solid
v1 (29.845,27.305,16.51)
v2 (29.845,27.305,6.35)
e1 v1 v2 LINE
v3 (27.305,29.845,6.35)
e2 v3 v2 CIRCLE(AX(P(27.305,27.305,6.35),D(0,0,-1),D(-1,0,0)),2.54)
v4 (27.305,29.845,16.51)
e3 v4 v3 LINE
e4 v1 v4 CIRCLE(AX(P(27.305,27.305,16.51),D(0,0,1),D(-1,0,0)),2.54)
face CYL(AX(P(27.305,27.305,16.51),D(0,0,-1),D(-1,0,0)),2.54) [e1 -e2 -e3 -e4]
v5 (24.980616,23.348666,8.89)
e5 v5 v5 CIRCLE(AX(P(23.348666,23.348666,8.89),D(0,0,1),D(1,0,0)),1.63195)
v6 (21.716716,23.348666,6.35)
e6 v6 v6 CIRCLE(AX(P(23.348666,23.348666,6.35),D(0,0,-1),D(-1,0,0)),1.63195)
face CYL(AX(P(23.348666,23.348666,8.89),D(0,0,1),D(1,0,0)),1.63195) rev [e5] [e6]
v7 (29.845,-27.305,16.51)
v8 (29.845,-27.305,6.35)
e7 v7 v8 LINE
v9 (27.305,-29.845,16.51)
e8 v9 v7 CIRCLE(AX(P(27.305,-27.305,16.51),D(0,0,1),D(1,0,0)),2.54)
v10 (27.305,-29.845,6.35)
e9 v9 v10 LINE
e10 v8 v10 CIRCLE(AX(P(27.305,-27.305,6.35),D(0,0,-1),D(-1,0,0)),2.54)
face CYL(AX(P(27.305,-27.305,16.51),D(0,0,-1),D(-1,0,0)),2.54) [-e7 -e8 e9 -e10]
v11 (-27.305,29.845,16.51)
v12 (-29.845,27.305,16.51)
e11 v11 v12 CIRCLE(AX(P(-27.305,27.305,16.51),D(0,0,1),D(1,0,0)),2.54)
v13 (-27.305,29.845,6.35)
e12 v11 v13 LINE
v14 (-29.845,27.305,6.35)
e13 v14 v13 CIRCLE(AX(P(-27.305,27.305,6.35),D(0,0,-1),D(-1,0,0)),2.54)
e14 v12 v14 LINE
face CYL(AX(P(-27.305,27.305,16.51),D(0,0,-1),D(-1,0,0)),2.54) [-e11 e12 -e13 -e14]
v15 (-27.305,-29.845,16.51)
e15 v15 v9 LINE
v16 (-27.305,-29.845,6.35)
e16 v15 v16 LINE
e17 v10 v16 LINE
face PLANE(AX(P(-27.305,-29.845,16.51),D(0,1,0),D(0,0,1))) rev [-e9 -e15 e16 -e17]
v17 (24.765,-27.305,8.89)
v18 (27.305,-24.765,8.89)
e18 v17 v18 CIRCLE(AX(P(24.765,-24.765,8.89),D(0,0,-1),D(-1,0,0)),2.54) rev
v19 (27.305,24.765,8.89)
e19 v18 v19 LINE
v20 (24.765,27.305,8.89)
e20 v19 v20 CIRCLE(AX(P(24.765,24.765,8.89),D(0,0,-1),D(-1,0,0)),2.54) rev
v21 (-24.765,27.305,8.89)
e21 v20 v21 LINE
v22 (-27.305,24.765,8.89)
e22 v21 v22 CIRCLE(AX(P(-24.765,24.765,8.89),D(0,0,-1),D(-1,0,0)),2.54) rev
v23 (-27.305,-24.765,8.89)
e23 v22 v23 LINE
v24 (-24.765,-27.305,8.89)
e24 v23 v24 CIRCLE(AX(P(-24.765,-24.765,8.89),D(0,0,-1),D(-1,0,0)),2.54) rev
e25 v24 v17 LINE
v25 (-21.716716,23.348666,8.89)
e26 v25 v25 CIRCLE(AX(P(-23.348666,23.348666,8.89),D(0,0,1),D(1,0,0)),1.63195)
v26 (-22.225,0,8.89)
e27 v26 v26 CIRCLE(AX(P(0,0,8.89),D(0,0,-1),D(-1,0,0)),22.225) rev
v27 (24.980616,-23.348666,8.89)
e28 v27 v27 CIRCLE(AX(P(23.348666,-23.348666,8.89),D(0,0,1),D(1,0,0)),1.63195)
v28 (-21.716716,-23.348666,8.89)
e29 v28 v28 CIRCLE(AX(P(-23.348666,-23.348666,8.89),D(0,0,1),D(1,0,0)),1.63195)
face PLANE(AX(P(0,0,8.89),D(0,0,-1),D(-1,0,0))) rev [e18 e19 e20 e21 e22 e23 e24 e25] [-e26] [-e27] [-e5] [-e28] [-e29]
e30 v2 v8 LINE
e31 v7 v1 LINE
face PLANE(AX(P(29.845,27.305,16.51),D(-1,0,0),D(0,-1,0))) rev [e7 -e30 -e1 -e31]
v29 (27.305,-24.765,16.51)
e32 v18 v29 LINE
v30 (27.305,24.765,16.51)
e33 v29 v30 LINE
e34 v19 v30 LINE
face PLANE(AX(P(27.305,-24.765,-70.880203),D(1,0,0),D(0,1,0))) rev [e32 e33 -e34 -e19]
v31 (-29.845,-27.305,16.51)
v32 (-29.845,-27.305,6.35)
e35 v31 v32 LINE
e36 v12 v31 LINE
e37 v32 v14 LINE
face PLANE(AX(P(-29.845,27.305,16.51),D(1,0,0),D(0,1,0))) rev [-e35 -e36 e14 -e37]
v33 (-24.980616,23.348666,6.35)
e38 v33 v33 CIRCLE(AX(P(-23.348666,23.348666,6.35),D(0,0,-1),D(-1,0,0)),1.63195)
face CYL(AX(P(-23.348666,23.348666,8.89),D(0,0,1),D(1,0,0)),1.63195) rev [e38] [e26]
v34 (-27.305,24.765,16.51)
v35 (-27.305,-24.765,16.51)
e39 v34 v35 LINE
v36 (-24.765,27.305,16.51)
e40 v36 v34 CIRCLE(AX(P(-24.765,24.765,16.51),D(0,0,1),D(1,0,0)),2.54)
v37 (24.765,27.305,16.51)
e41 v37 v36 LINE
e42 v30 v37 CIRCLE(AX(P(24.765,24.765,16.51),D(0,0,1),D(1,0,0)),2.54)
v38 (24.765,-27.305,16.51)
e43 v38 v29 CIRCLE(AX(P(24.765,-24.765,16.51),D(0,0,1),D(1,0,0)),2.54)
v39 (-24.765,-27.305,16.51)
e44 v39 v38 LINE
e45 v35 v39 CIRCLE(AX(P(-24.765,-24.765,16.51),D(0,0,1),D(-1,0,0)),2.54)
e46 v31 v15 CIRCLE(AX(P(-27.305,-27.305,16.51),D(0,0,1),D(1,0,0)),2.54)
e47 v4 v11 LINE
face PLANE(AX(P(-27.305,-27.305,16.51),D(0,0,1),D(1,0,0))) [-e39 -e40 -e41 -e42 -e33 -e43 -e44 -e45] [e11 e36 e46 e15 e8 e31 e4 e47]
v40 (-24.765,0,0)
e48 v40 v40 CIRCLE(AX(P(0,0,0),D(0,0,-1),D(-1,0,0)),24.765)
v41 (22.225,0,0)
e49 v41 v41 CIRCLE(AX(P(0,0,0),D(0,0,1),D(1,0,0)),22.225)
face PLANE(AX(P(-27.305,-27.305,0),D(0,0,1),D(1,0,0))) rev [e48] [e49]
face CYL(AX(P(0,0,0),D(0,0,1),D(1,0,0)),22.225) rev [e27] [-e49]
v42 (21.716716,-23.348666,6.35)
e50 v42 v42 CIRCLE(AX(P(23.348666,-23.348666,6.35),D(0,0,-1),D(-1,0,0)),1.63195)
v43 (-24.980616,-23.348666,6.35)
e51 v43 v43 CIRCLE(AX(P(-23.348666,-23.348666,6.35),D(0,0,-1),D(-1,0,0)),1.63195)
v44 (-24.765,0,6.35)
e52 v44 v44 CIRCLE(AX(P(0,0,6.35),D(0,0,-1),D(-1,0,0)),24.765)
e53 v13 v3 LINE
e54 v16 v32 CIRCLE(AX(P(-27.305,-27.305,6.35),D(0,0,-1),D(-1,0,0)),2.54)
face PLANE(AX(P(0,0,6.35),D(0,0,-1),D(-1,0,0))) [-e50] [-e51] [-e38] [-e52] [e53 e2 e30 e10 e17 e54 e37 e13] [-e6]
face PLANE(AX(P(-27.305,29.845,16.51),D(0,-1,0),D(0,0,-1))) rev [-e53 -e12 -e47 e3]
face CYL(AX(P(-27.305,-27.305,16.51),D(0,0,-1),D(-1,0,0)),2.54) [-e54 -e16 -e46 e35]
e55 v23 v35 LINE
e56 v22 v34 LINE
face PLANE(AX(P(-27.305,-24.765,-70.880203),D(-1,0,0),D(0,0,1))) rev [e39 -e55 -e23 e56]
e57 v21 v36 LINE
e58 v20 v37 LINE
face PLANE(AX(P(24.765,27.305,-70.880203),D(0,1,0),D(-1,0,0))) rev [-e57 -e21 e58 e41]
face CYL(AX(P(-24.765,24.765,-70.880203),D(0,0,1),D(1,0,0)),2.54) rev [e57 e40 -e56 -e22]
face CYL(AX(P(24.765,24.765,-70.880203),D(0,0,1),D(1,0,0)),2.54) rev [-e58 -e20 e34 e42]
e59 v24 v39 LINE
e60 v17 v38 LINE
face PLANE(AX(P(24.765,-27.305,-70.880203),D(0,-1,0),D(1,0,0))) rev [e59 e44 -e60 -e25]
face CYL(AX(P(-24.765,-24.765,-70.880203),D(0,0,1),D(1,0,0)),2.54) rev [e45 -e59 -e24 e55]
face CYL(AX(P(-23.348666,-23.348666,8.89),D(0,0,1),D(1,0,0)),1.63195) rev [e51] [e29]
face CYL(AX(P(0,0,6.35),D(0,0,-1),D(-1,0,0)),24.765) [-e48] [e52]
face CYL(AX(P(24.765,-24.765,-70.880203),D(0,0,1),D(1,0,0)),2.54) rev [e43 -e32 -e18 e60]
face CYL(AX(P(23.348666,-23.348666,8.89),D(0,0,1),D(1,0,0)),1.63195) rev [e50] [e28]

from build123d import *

# Parameters (mm, degrees)
BOSS_EXTRUDE1_DEPTH = 16.51
SKETCH2_R           = 22.225
CUT_EXTRUDE1_DEPTH  = 17.51
SKETCH4_OUTSIDE_W   = 78.892
SKETCH4_OUTSIDE_H   = 78.892
SKETCH4_OUTSIDE_R   = 24.765
CUT_EXTRUDE2_DEPTH  = 6.35
CUT_EXTRUDE3_DEPTH  = 7.62
CIRPATTERN1_COUNT   = 4


with BuildPart() as part:
    # Sketch1 → Boss-Extrude1 (new body)
    with BuildSketch(Plane.XY):
        with BuildLine():
            Line((-27.305, 29.845), (27.305, 29.845))
            ThreePointArc((27.305, 29.845), (29.101051224, 29.101051224), (29.845, 27.305))
            Line((29.845, 27.305), (29.845, -27.305))
            ThreePointArc((29.845, -27.305), (29.101051224, -29.101051224), (27.305, -29.845))
            Line((27.305, -29.845), (-27.305, -29.845))
            ThreePointArc((-27.305, -29.845), (-29.101051224, -29.101051224), (-29.845, -27.305))
            Line((-29.845, -27.305), (-29.845, 27.305))
            ThreePointArc((-29.845, 27.305), (-29.101051224, 29.101051224), (-27.305, 29.845))
        make_face()
    extrude(amount=BOSS_EXTRUDE1_DEPTH)

    # Sketch2 → Cut-Extrude1 (cut, through all)
    with BuildSketch(Plane.XY.offset(16.51)):
        Circle(SKETCH2_R)
    extrude(amount=-CUT_EXTRUDE1_DEPTH, mode=Mode.SUBTRACT)

    # Sketch4 outside → Cut-Extrude2 (cut)
    with BuildSketch(Plane(origin=(0, 0, 0), x_dir=(-1, 0, 0), z_dir=(0, 0, -1))):
        Rectangle(SKETCH4_OUTSIDE_W, SKETCH4_OUTSIDE_H)
        Circle(SKETCH4_OUTSIDE_R, mode=Mode.SUBTRACT)
    extrude(amount=-CUT_EXTRUDE2_DEPTH, mode=Mode.SUBTRACT)

    # Sketch3 → Cut-Extrude3 (cut)
    with BuildSketch(Plane.XY.offset(16.51)):
        with BuildLine():
            Line((24.765, -27.305), (-24.765, -27.305))
            ThreePointArc((-24.765, -27.305), (-26.561051224, -26.561051224), (-27.305, -24.765))
            Line((-27.305, -24.765), (-27.305, 24.765))
            ThreePointArc((-27.305, 24.765), (-26.561051224, 26.561051224), (-24.765, 27.305))
            Line((-24.765, 27.305), (24.765, 27.305))
            ThreePointArc((24.765, 27.305), (26.561051224, 26.561051224), (27.305, 24.765))
            Line((27.305, 24.765), (27.305, -24.765))
            ThreePointArc((27.305, -24.765), (26.561051224, -26.561051224), (24.765, -27.305))
        make_face()
    extrude(amount=-CUT_EXTRUDE3_DEPTH, mode=Mode.SUBTRACT)

    # Sketch6 → #4 Clearance Hole1 (revolve, cut)
    with BuildSketch(Plane(origin=(-23.348665915, 23.348665915, 8.89), x_dir=(0, -1, 0), z_dir=(1, 0, 0))):
        Polygon((0, 0), (0, 8.575174487), (1.63195, 7.5946), (1.63195, 0), align=None)
    f_4_clearance_hole1 = revolve(axis=Axis((-23.348665915, 23.348665915, 15.24), (0, 0, -1)), mode=Mode.SUBTRACT)

    # CirPattern1: #4 Clearance Hole1 ×4 about axis
    cirpattern1_axis = Axis((0, 0, 0), (0, 0, 1))
    for i in range(1, CIRPATTERN1_COUNT):
        add(f_4_clearance_hole1.rotate(cirpattern1_axis, i * 360 / CIRPATTERN1_COUNT), mode=Mode.SUBTRACT)


solid = part.part
